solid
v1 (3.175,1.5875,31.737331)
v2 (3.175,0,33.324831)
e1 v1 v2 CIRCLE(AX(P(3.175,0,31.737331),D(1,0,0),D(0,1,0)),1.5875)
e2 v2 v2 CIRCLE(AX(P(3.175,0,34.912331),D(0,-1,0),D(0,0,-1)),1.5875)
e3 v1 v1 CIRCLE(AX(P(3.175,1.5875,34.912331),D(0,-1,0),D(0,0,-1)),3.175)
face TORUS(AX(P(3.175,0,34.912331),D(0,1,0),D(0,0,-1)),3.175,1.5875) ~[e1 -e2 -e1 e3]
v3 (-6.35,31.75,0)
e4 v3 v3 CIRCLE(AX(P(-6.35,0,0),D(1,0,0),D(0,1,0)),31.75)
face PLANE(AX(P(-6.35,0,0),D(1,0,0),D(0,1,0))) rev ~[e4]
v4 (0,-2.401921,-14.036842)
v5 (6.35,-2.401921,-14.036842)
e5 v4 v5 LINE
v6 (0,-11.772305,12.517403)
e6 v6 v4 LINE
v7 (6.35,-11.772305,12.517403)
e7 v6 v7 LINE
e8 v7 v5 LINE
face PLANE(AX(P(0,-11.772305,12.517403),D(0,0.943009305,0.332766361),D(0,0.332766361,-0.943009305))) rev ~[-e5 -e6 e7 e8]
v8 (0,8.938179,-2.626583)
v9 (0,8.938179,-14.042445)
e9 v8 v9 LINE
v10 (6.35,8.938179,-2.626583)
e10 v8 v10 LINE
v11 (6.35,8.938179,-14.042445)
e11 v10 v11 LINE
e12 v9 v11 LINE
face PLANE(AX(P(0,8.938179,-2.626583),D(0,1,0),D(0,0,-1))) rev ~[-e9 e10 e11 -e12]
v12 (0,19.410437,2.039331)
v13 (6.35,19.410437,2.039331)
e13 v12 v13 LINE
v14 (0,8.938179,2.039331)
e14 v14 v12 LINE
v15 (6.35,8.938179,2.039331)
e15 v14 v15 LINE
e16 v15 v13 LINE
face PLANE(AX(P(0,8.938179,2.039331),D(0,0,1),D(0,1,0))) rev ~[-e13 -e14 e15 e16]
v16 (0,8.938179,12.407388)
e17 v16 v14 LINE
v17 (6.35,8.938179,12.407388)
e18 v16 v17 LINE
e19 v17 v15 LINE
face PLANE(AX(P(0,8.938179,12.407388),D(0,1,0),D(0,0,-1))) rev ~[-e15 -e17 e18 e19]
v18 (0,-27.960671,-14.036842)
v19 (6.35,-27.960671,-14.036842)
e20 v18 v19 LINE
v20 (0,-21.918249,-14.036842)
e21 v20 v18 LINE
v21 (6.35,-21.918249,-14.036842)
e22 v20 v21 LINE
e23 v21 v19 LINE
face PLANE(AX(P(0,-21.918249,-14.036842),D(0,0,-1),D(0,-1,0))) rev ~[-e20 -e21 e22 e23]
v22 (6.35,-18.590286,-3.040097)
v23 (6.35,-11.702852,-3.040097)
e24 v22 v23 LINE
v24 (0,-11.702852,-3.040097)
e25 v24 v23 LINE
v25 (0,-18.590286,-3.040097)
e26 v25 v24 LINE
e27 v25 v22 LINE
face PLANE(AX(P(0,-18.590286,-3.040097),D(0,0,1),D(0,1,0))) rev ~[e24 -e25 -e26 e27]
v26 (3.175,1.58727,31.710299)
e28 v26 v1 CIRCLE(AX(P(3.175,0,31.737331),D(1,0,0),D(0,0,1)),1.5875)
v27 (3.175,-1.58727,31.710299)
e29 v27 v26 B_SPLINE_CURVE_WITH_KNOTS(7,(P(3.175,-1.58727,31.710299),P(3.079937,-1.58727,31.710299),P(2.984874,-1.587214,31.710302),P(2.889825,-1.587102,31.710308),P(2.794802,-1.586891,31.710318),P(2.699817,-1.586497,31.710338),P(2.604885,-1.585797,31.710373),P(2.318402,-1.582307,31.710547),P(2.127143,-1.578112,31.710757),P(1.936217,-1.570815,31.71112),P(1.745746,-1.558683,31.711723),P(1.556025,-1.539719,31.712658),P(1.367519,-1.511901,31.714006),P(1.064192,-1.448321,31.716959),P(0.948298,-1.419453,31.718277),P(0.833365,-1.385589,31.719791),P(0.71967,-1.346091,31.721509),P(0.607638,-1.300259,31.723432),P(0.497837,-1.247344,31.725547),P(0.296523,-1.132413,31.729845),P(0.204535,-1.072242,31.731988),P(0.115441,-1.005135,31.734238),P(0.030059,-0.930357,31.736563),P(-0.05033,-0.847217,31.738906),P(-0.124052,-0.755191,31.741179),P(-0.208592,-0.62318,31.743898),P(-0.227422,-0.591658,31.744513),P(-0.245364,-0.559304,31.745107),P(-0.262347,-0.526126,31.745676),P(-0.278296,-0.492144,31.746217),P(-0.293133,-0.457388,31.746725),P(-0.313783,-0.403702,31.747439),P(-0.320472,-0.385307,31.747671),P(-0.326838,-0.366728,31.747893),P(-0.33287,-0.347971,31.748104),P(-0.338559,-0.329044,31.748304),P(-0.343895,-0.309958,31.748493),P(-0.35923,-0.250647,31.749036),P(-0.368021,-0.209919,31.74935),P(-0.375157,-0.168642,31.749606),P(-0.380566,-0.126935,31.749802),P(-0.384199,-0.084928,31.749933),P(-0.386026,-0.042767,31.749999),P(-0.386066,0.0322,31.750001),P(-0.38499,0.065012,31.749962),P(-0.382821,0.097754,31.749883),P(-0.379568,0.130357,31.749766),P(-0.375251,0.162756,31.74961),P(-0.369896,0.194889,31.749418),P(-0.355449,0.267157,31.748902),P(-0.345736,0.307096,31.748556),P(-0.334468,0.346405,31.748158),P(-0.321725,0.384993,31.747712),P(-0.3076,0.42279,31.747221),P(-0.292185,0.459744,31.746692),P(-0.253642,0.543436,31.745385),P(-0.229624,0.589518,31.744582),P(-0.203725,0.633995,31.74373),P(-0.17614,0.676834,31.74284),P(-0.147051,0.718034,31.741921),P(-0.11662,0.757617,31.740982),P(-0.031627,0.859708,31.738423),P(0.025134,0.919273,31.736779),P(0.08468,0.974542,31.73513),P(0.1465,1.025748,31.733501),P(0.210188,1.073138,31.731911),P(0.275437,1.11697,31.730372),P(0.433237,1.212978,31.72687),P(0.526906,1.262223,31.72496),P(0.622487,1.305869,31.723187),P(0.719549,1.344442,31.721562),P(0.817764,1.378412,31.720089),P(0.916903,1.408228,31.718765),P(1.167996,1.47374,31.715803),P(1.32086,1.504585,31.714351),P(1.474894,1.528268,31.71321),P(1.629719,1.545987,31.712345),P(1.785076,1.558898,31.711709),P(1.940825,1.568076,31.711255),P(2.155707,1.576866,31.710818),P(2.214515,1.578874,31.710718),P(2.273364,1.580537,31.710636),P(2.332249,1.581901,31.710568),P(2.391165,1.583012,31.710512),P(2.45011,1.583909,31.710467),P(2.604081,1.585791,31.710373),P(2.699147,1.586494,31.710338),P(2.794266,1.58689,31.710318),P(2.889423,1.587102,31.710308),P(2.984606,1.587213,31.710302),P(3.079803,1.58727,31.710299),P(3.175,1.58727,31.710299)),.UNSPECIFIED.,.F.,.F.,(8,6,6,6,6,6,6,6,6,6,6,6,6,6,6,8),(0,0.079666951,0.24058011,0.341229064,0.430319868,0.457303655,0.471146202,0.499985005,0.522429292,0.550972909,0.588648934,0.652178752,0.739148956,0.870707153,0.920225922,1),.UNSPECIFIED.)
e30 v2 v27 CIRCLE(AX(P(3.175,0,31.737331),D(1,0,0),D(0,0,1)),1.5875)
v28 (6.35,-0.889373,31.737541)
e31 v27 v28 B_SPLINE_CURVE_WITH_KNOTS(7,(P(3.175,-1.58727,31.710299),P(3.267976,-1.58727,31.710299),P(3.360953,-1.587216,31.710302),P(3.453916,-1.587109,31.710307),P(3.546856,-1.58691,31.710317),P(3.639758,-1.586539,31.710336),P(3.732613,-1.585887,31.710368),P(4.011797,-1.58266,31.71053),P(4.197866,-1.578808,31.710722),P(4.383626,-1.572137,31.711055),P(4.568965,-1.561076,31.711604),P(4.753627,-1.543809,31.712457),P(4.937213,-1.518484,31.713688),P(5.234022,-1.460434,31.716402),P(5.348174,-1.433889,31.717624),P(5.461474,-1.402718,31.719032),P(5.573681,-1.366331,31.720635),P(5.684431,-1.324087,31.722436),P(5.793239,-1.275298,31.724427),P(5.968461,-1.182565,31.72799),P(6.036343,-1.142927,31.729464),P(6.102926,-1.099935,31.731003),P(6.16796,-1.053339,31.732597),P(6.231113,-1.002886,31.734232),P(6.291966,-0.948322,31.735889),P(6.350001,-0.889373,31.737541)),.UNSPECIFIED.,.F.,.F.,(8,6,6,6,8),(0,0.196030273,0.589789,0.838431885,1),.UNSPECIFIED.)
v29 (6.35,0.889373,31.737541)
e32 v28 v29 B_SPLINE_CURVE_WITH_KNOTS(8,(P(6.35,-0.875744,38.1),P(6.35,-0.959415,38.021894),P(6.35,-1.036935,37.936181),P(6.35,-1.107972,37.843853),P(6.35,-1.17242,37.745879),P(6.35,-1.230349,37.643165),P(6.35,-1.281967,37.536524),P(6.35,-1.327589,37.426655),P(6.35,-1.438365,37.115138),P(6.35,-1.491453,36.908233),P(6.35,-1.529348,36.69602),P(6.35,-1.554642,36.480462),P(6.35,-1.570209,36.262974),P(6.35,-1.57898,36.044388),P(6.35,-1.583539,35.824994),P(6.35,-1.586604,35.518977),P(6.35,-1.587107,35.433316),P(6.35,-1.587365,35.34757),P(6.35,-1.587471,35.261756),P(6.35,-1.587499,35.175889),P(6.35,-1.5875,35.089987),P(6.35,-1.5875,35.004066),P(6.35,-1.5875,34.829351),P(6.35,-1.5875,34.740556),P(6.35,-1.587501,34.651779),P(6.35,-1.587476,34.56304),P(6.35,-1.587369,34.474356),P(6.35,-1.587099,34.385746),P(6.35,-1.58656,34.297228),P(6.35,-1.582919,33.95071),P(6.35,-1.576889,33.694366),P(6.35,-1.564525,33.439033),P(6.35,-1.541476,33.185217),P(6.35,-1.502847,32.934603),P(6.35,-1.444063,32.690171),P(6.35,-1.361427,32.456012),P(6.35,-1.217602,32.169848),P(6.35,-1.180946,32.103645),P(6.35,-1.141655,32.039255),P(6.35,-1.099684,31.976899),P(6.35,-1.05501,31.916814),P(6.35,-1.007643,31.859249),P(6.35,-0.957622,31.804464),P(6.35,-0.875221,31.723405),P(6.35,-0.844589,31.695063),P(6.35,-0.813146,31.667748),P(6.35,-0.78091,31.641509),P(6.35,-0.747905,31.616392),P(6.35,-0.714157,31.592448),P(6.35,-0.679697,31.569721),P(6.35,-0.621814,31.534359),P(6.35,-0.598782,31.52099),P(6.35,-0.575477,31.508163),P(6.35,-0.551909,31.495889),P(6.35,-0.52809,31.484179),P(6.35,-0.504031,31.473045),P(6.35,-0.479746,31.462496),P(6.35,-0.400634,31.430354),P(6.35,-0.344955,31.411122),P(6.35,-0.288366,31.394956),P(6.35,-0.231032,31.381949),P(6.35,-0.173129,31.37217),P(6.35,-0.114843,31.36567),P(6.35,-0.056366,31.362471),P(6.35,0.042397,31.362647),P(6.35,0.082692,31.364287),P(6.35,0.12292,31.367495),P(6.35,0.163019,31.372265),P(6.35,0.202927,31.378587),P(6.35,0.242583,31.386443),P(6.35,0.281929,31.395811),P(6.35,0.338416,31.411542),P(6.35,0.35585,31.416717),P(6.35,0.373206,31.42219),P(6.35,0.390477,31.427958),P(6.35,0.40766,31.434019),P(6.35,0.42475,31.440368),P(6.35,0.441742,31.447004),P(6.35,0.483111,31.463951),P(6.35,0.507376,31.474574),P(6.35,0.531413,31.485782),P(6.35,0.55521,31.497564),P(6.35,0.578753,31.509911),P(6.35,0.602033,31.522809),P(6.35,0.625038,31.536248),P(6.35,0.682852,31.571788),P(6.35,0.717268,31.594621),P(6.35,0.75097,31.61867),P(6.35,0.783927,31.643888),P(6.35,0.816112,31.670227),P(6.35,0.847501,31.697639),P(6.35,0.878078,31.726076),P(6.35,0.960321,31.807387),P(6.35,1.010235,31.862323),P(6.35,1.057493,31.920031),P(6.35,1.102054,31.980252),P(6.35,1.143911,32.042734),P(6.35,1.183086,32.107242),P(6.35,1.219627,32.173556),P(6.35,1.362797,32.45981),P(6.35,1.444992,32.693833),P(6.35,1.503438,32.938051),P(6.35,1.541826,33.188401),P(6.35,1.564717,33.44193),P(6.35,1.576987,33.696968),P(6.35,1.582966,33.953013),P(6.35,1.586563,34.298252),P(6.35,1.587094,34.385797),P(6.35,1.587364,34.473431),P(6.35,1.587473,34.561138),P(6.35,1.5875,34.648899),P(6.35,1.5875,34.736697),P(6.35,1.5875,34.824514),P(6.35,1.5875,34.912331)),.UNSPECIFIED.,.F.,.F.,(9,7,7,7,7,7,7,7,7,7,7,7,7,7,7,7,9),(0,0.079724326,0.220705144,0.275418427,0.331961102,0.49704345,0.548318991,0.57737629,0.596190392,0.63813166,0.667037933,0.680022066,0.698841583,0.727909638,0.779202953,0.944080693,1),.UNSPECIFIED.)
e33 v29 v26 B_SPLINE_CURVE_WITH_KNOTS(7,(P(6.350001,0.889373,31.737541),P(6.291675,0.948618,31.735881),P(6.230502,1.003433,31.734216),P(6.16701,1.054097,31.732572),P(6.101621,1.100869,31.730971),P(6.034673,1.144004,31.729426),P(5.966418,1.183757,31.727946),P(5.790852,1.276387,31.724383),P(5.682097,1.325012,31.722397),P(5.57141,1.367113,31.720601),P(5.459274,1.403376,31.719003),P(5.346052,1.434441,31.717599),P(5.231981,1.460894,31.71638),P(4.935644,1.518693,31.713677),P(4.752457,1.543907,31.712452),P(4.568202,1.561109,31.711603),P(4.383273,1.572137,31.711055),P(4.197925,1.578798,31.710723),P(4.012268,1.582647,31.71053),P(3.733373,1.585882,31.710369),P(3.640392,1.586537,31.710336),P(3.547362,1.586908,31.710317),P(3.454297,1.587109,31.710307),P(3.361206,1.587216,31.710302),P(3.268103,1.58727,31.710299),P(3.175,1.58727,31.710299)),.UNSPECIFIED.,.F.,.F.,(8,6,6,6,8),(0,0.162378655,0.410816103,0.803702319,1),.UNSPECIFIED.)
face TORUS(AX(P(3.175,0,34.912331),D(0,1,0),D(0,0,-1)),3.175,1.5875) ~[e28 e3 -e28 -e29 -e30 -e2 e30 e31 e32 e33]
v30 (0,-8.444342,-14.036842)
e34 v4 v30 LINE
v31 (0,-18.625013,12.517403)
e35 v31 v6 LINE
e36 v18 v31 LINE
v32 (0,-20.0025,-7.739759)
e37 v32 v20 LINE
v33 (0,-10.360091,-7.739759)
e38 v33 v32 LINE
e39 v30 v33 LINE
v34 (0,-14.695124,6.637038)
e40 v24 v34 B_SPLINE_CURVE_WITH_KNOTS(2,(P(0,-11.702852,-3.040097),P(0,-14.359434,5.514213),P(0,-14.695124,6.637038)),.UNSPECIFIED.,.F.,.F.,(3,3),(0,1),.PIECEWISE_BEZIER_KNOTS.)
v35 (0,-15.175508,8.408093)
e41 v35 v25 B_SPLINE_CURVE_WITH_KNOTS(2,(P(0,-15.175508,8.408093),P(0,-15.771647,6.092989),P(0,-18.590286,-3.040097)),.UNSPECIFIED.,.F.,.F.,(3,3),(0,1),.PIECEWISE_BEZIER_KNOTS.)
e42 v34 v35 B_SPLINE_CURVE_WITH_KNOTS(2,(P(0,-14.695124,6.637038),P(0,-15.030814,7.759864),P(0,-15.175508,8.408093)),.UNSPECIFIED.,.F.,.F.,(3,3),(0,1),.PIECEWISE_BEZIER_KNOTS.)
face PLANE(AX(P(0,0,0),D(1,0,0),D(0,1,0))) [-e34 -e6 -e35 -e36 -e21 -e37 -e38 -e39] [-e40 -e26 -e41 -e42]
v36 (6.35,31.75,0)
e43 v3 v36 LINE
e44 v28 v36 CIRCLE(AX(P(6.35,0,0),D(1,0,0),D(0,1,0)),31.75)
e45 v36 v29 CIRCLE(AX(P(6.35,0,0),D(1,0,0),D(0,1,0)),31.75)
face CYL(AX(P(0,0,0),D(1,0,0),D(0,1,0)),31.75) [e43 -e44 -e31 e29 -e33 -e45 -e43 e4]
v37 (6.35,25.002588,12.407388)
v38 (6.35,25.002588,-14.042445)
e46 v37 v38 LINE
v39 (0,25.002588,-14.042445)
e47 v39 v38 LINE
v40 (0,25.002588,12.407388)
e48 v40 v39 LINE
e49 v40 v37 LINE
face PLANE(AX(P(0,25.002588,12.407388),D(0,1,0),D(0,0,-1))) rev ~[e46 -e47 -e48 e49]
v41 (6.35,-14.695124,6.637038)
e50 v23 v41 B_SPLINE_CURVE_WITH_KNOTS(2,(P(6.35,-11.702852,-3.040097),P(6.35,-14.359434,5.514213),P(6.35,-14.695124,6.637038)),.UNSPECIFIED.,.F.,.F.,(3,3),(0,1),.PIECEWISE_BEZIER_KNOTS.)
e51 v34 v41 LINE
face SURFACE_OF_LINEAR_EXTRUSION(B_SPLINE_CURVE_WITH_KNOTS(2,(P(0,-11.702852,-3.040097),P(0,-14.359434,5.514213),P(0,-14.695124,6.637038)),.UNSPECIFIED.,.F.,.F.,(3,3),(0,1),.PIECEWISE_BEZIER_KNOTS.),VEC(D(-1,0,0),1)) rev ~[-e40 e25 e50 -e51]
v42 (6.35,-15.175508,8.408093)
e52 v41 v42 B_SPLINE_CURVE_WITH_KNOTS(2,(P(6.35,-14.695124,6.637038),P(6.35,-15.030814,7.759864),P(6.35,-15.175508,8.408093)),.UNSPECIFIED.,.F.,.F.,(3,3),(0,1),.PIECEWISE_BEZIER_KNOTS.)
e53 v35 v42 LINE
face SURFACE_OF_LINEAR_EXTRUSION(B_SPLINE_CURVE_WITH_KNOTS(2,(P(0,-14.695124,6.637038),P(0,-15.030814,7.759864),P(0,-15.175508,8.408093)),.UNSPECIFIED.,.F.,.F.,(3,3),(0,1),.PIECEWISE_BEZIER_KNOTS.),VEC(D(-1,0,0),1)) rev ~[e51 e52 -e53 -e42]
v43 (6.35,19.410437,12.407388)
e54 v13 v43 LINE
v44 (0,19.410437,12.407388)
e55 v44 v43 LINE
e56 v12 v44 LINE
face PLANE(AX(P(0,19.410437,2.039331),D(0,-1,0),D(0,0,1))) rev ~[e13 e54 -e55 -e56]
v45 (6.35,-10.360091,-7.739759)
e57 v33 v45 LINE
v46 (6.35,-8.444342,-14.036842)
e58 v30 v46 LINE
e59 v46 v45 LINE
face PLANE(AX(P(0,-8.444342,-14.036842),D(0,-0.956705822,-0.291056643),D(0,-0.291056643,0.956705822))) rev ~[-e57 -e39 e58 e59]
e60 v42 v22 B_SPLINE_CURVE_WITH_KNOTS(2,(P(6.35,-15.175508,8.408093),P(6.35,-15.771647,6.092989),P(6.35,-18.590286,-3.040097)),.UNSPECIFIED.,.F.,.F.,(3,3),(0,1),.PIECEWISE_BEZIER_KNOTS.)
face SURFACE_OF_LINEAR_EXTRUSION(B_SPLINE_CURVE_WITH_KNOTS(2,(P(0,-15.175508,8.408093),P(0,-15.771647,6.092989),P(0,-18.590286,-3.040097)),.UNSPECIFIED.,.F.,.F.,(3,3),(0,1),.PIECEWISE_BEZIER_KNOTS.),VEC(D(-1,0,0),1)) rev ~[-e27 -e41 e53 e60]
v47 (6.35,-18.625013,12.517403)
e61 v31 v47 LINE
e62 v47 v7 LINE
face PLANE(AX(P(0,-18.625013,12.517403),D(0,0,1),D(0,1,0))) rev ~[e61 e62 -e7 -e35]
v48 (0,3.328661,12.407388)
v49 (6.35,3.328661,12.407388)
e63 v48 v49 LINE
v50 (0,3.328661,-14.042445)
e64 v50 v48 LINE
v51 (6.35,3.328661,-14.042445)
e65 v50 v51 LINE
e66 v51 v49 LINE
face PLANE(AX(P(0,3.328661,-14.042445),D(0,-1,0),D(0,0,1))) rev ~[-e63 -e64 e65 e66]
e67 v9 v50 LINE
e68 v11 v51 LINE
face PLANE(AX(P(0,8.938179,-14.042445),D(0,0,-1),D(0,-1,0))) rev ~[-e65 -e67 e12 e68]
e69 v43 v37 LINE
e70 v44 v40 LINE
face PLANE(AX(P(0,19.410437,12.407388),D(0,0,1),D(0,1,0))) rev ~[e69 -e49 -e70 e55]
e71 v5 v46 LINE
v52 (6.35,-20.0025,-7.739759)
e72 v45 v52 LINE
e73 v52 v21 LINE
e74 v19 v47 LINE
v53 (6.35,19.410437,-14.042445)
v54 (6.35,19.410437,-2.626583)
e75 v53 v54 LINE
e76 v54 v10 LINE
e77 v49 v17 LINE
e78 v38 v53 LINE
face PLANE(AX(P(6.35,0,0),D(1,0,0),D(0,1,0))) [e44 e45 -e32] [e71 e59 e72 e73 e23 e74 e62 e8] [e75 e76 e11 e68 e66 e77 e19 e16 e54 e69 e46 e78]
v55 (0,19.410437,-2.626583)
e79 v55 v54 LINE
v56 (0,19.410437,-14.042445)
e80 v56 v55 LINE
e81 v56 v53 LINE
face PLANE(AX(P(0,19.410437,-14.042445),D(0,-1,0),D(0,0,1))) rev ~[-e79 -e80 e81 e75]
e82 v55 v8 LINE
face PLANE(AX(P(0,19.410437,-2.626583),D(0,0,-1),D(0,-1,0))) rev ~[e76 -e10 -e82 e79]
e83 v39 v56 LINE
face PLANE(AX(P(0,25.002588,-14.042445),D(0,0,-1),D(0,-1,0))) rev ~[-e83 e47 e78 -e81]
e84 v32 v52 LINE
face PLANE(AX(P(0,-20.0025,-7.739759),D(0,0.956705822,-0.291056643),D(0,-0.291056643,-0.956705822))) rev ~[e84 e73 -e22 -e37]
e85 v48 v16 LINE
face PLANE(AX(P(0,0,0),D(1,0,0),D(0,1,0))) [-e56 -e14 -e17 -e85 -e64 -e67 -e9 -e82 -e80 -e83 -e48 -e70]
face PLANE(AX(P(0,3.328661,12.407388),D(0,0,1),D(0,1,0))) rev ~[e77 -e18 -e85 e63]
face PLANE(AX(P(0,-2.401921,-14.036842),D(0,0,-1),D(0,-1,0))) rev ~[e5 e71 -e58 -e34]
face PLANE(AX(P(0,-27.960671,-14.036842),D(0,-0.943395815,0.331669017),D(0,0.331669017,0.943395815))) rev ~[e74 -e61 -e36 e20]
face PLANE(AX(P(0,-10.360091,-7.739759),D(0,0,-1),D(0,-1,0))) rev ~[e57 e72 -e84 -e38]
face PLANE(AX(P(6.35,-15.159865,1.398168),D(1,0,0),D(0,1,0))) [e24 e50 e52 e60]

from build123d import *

# Parameters (mm, degrees)
F1_R     = 31.75
F2_DEPTH = 6.35
F0_R     = 31.75
F3_DEPTH = 6.35
F4_DEPTH = 6.35


with BuildPart() as f2:
    # F1 (on Right) → F2 (new body)
    with BuildSketch(Plane.YZ):
        Circle(F1_R)
        Polygon((-2.4019205729, -14.036842106), (-8.4443424479, -14.036842106), (-10.3600911458, -7.7397587727), (-20.0025, -7.7397587727), (-21.9182486979, -14.036842106), (-27.9606705729, -14.036842106), (-18.6250130208, 12.5174026857), (-11.7723046875, 12.5174026857), align=None, mode=Mode.SUBTRACT)
        Polygon((25.0025882936, 12.4073878214), (25.0025882936, -14.0424445271), (19.4104372652, -14.0424445271), (19.4104372652, -2.6265834216), (8.9381792835, -2.6265834216), (8.9381792835, -14.0424445271), (3.3286613264, -14.0424445271), (3.3286613264, 12.4073878214), (8.9381792835, 12.4073878214), (8.9381792835, 2.0393314117), (19.4104372652, 2.0393314117), (19.4104372652, 12.4073878214), align=None, mode=Mode.SUBTRACT)
    extrude(amount=F2_DEPTH)

    # F0 (on Right) → F3 (join)
    with BuildSketch(Plane.YZ):
        Circle(F0_R)
    extrude(amount=-F3_DEPTH)

    # F1 (on Right) → F4 (join)
    with BuildSketch(Plane.YZ):
        with BuildLine():
            Line((-18.5902864583, -3.0400973143), (-11.7028515625, -3.0400973143))
            add(Edge.make_bspline(
                [(-11.7028515625, -3.0400973143), (-14.3594335937, 5.5142125815), (-14.6951236979, 6.6370381023)],
                knots=[0, 0, 0, 1, 1, 1], degree=2))
            add(Edge.make_bspline(
                [(-14.6951236979, 6.6370381023), (-15.0308138021, 7.7598636232), (-15.1755078125, 8.4080927898)],
                knots=[0, 0, 0, 1, 1, 1], degree=2))
            add(Edge.make_bspline(
                [(-15.1755078125, 8.4080927898), (-15.7716471354, 6.0929886232), (-18.5902864583, -3.0400973143)],
                knots=[0, 0, 0, 1, 1, 1], degree=2))
        make_face()
    extrude(amount=F4_DEPTH)

    # F6 (on offset) → F7 (revolve)
    with BuildSketch(Plane.YZ.offset(3.175)):
        with BuildLine():
            ThreePointArc((0, 33.324831301), (-1.1225320151, 30.6147992858), (1.5875, 31.737331301))
            ThreePointArc((1.5875, 31.737331301), (1.1225320151, 32.8598633161), (0, 33.324831301))
        make_face()
    revolve(axis=Axis((3.175, -10.2093983442, 34.912331301), (0, -1, 0)))


solid = f2.part
